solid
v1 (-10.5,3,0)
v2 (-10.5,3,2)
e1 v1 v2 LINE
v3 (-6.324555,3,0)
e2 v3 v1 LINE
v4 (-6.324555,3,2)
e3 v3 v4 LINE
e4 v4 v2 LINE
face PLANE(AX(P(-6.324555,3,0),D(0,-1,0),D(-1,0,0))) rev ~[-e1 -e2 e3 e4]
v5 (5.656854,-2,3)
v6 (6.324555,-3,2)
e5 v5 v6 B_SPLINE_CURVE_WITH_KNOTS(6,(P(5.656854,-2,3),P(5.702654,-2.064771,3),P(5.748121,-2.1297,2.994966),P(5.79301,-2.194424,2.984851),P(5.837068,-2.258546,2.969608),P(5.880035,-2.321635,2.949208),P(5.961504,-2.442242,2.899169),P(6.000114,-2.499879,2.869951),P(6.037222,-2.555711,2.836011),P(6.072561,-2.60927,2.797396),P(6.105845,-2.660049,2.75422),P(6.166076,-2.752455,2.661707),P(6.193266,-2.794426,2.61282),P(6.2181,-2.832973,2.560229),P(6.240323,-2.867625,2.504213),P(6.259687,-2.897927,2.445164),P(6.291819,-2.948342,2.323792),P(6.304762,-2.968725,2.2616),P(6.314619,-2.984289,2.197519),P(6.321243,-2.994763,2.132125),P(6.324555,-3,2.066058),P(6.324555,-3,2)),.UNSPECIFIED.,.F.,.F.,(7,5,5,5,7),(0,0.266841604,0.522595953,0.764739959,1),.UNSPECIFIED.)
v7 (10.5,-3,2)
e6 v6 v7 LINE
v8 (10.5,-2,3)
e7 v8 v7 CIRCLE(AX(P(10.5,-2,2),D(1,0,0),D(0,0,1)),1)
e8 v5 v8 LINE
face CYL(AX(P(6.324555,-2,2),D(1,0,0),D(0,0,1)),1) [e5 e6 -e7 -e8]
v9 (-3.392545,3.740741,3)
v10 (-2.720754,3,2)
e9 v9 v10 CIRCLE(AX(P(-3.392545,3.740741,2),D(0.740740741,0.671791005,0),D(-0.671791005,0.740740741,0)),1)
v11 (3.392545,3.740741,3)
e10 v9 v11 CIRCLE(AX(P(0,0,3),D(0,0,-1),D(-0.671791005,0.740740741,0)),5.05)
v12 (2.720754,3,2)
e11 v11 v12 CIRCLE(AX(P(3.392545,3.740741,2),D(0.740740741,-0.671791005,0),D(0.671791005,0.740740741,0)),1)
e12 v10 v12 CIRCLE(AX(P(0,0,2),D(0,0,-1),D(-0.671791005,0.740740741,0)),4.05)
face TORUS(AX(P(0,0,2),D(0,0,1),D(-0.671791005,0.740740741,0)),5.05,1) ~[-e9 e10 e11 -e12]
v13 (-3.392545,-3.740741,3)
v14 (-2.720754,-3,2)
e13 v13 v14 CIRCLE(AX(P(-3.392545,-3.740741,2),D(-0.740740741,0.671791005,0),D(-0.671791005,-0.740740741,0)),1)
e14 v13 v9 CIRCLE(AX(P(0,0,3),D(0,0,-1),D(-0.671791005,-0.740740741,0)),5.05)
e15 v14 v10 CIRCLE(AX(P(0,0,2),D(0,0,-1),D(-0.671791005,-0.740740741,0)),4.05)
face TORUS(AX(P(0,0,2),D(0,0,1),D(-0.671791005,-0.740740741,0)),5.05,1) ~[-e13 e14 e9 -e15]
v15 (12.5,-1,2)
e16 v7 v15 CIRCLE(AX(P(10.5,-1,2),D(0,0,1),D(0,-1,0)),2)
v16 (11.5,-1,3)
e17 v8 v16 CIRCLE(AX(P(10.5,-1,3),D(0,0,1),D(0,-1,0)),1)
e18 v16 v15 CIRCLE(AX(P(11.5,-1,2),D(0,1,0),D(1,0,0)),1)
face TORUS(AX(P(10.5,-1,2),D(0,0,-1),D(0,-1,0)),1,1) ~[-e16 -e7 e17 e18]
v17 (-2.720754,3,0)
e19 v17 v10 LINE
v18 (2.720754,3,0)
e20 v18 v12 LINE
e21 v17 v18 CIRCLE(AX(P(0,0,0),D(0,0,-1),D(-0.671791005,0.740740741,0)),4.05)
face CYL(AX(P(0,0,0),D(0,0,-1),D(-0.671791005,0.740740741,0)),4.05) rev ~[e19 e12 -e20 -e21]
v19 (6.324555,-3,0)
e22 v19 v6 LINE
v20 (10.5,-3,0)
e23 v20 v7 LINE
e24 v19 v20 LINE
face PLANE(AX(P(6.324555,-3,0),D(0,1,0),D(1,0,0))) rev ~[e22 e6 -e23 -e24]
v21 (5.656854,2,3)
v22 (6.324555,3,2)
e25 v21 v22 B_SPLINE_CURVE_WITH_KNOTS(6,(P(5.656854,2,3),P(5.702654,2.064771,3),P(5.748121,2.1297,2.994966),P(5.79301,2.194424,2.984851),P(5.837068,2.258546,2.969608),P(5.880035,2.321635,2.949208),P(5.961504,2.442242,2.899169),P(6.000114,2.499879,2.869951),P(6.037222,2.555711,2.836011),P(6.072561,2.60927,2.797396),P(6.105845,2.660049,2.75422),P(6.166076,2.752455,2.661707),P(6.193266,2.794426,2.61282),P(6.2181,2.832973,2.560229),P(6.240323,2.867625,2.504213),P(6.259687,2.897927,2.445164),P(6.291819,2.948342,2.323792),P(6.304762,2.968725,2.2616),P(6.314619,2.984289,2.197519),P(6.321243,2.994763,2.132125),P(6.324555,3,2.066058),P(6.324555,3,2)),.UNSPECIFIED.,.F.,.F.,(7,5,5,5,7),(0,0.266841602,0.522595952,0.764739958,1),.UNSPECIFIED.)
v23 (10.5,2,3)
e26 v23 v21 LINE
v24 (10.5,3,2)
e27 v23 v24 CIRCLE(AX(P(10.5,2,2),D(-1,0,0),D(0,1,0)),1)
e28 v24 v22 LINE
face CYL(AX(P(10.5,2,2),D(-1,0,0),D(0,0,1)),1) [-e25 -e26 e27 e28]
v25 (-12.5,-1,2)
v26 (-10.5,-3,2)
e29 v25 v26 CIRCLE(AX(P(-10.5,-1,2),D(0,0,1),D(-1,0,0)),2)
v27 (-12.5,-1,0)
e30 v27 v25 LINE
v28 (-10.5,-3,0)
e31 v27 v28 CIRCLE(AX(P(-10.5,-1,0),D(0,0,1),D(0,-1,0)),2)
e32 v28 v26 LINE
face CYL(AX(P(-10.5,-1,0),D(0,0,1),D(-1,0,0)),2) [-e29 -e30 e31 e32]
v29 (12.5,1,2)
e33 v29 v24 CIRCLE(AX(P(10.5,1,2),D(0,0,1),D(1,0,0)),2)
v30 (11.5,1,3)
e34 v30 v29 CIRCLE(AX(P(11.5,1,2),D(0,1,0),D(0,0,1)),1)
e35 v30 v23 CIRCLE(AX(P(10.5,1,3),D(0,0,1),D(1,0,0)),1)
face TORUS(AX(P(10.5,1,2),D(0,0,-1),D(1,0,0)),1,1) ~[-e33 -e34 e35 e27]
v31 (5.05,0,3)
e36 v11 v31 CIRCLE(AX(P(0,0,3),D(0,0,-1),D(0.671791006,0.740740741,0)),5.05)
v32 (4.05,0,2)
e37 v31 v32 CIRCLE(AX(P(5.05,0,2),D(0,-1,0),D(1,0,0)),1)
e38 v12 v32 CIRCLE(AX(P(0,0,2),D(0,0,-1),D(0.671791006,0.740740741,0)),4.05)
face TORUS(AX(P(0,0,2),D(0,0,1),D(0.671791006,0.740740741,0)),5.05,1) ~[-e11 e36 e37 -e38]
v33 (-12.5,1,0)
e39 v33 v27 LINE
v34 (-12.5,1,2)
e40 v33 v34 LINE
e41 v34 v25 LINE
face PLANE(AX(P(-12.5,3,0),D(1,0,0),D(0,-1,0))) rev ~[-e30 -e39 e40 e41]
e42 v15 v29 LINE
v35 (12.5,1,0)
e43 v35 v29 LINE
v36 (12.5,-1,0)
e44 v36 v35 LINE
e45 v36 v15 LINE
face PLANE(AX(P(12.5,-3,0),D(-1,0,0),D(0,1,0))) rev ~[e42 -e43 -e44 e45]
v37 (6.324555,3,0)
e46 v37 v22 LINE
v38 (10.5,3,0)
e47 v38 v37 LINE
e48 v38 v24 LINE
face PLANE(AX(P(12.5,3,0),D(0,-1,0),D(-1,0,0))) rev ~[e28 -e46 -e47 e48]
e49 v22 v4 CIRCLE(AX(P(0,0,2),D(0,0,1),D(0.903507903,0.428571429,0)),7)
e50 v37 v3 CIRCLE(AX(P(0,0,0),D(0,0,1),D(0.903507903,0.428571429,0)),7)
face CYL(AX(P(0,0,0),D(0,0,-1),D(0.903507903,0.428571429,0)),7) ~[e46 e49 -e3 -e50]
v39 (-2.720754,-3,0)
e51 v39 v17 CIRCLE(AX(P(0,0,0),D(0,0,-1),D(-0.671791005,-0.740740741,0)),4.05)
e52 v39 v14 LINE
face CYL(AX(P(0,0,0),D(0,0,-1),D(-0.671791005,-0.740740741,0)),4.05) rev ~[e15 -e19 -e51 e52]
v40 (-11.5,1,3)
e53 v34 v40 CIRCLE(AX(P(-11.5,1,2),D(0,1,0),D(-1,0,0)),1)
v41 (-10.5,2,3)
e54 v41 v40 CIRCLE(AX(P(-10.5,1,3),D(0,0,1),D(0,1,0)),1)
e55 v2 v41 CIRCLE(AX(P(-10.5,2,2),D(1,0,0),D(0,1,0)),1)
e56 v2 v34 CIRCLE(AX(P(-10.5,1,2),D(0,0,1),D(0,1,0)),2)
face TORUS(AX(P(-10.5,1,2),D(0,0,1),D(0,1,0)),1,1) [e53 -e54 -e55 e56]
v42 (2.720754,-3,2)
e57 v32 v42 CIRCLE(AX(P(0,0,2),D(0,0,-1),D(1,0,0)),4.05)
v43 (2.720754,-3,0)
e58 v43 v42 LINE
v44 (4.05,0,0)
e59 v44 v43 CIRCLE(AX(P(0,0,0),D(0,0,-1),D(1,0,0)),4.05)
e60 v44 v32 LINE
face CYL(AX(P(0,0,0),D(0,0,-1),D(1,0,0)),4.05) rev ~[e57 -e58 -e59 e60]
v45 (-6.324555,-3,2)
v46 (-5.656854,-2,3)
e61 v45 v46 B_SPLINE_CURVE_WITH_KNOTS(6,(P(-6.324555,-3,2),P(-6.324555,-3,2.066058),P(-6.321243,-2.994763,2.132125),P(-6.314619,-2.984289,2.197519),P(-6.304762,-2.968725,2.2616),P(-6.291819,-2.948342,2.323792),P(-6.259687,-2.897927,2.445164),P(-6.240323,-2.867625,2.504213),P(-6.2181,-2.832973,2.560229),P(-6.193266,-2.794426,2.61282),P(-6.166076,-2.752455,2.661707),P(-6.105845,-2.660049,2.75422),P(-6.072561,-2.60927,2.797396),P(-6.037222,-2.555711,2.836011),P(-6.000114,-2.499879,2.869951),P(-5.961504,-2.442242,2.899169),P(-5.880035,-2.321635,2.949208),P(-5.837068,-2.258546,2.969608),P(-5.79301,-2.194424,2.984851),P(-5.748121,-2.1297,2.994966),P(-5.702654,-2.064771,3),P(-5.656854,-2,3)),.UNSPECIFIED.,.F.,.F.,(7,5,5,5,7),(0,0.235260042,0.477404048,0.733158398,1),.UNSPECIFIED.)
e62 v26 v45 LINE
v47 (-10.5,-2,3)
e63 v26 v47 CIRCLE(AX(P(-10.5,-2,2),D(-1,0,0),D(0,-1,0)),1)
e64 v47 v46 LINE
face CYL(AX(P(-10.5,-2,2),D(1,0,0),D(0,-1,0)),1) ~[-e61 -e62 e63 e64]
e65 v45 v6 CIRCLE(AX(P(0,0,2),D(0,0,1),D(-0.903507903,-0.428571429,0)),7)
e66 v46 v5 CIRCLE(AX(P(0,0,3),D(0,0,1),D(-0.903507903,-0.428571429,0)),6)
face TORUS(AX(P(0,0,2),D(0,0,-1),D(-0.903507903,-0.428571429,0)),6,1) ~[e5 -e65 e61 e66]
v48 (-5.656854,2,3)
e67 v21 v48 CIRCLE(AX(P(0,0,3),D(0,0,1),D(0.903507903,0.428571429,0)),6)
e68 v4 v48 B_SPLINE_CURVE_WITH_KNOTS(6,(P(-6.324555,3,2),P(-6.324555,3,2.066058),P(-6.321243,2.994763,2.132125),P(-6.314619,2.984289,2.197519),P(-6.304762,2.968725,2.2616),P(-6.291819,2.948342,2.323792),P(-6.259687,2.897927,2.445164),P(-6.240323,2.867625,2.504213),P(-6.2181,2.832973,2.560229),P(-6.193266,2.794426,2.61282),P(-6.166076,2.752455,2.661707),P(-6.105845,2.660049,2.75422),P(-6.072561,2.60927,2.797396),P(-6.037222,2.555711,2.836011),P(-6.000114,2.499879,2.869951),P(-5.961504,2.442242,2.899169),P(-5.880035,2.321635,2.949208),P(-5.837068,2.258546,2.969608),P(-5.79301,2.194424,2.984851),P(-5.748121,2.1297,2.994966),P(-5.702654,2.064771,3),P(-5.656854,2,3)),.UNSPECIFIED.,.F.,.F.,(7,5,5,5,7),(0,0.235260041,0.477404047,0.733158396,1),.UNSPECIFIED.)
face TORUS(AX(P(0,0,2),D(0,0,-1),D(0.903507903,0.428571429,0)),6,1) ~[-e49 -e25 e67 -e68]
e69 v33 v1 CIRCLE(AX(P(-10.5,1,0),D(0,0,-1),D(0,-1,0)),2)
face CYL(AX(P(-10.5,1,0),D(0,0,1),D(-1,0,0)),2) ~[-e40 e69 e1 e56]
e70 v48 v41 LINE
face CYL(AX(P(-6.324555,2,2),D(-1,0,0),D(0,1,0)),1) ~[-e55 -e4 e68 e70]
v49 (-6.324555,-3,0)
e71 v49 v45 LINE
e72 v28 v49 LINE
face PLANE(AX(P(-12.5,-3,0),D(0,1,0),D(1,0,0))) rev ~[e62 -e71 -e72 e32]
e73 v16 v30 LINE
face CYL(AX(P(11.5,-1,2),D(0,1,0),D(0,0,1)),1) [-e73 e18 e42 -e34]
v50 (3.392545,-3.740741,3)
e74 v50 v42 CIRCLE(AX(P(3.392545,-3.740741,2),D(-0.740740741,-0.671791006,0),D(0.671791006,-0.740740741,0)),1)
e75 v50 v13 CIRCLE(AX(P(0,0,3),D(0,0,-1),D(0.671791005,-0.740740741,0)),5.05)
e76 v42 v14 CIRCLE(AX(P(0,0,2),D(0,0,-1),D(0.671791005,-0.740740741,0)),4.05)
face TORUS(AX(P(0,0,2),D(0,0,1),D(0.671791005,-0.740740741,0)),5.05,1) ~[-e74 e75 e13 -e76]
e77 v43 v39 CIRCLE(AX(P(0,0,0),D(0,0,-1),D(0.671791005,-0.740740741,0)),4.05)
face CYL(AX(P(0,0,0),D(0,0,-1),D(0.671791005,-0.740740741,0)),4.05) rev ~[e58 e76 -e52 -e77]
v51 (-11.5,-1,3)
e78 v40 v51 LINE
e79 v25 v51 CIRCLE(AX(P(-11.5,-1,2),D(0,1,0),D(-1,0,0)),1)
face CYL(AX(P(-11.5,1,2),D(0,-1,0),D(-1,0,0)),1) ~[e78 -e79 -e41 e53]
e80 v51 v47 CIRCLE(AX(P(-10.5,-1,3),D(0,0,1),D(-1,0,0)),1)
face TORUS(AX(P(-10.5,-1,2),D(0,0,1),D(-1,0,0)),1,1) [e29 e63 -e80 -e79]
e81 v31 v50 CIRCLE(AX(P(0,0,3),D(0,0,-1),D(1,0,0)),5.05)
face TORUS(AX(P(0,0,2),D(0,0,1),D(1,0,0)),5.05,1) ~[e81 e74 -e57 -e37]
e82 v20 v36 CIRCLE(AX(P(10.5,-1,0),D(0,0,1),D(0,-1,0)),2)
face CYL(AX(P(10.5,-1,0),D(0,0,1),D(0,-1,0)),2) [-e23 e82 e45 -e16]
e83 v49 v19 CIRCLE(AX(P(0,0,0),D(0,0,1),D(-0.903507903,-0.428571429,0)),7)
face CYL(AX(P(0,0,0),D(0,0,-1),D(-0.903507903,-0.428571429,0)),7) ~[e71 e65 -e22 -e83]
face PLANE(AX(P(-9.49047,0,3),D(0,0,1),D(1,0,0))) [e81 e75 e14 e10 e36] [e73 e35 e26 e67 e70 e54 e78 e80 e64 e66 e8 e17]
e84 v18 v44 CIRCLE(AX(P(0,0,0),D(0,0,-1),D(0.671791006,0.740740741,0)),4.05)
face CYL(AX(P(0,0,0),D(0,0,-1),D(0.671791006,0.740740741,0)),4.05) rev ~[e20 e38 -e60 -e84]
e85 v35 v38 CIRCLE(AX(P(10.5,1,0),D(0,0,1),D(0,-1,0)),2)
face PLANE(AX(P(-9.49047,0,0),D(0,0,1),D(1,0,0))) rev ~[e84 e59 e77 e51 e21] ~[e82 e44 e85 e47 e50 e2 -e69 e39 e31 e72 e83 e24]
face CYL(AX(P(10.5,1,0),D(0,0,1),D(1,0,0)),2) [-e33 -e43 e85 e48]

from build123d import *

# Parameters (mm, degrees)
F2_DEPTH = 3
F3_R     = 2
F4_R     = 1


with BuildPart() as f2:
    # F1 (on Top) → F2 (new body)
    with BuildSketch(Plane.XY):
        with BuildLine():
            ThreePointArc((-6.3245553203, -3), (-7, 0), (-6.3245553203, 3))
            Line((-6.3245553203, 3), (-12.5, 3))
            Line((-12.5, 3), (-12.5, -3))
            Line((-12.5, -3), (-6.3245553203, -3))
        make_face()
        with BuildLine():
            Line((6.3245553203, -3), (2.7207535721, -3))
            ThreePointArc((2.7207535721, -3), (0, -4.05), (-2.7207535721, -3))
            Line((-2.7207535721, -3), (-6.3245553203, -3))
            ThreePointArc((-6.3245553203, -3), (0, -7), (6.3245553203, -3))
        make_face()
        with BuildLine():
            ThreePointArc((-2.7207535721, -3), (-4.05, 0), (-2.7207535721, 3))
            Line((-2.7207535721, 3), (-6.3245553203, 3))
            ThreePointArc((-6.3245553203, 3), (-7, 0), (-6.3245553203, -3))
            Line((-6.3245553203, -3), (-2.7207535721, -3))
        make_face()
        with BuildLine():
            ThreePointArc((-2.7207535721, 3), (0, 4.05), (2.7207535721, 3))
            Line((2.7207535721, 3), (6.3245553203, 3))
            ThreePointArc((6.3245553203, 3), (0, 7), (-6.3245553203, 3))
            Line((-6.3245553203, 3), (-2.7207535721, 3))
        make_face()
        with BuildLine():
            ThreePointArc((2.7207535721, 3), (3.7028065009, 1.6406474382), (4.05, 0))
            ThreePointArc((4.05, 0), (3.7028065009, -1.6406474382), (2.7207535721, -3))
            Line((2.7207535721, -3), (6.3245553203, -3))
            ThreePointArc((6.3245553203, -3), (6.8290514437, -1.5375488216), (7, 0))
            ThreePointArc((7, 0), (6.8290514437, 1.5375488216), (6.3245553203, 3))
            Line((6.3245553203, 3), (2.7207535721, 3))
        make_face()
        with BuildLine():
            Line((12.5, 3), (6.3245553203, 3))
            ThreePointArc((6.3245553203, 3), (6.8290514437, 1.5375488216), (7, 0))
            ThreePointArc((7, 0), (6.8290514437, -1.5375488216), (6.3245553203, -3))
            Line((6.3245553203, -3), (12.5, -3))
            Line((12.5, -3), (12.5, 3))
        make_face()
    extrude(amount=F2_DEPTH)

    # F3
    f3_edges = [f2.edges().sort_by_distance(p)[0] for p in [
        (-12.5, -3, 1.5),
        (-12.5, 3, 1.5),
        (12.5, -3, 1.5),
        (12.5, 3, 1.5),
    ]]
    fillet(f3_edges, radius=F3_R)

    # F4
    f4_edges = [f2.edges().sort_by_distance(p)[0] for p in [
        (-12.5, 0, 3),
        (-11.914214, 2.414214, 3),
        (-11.914214, -2.414214, 3),
        (-8.412278, 3, 3),
        (-8.412278, -3, 3),
        (0, 7, 3),
        (0, -7, 3),
        (8.412278, 3, 3),
        (8.412278, -3, 3),
        (11.914214, 2.414214, 3),
        (11.914214, -2.414214, 3),
        (12.5, 0, 3),
        (-2.720754, -3, 3),
    ]]
    fillet(f4_edges, radius=F4_R)


solid = f2.part
